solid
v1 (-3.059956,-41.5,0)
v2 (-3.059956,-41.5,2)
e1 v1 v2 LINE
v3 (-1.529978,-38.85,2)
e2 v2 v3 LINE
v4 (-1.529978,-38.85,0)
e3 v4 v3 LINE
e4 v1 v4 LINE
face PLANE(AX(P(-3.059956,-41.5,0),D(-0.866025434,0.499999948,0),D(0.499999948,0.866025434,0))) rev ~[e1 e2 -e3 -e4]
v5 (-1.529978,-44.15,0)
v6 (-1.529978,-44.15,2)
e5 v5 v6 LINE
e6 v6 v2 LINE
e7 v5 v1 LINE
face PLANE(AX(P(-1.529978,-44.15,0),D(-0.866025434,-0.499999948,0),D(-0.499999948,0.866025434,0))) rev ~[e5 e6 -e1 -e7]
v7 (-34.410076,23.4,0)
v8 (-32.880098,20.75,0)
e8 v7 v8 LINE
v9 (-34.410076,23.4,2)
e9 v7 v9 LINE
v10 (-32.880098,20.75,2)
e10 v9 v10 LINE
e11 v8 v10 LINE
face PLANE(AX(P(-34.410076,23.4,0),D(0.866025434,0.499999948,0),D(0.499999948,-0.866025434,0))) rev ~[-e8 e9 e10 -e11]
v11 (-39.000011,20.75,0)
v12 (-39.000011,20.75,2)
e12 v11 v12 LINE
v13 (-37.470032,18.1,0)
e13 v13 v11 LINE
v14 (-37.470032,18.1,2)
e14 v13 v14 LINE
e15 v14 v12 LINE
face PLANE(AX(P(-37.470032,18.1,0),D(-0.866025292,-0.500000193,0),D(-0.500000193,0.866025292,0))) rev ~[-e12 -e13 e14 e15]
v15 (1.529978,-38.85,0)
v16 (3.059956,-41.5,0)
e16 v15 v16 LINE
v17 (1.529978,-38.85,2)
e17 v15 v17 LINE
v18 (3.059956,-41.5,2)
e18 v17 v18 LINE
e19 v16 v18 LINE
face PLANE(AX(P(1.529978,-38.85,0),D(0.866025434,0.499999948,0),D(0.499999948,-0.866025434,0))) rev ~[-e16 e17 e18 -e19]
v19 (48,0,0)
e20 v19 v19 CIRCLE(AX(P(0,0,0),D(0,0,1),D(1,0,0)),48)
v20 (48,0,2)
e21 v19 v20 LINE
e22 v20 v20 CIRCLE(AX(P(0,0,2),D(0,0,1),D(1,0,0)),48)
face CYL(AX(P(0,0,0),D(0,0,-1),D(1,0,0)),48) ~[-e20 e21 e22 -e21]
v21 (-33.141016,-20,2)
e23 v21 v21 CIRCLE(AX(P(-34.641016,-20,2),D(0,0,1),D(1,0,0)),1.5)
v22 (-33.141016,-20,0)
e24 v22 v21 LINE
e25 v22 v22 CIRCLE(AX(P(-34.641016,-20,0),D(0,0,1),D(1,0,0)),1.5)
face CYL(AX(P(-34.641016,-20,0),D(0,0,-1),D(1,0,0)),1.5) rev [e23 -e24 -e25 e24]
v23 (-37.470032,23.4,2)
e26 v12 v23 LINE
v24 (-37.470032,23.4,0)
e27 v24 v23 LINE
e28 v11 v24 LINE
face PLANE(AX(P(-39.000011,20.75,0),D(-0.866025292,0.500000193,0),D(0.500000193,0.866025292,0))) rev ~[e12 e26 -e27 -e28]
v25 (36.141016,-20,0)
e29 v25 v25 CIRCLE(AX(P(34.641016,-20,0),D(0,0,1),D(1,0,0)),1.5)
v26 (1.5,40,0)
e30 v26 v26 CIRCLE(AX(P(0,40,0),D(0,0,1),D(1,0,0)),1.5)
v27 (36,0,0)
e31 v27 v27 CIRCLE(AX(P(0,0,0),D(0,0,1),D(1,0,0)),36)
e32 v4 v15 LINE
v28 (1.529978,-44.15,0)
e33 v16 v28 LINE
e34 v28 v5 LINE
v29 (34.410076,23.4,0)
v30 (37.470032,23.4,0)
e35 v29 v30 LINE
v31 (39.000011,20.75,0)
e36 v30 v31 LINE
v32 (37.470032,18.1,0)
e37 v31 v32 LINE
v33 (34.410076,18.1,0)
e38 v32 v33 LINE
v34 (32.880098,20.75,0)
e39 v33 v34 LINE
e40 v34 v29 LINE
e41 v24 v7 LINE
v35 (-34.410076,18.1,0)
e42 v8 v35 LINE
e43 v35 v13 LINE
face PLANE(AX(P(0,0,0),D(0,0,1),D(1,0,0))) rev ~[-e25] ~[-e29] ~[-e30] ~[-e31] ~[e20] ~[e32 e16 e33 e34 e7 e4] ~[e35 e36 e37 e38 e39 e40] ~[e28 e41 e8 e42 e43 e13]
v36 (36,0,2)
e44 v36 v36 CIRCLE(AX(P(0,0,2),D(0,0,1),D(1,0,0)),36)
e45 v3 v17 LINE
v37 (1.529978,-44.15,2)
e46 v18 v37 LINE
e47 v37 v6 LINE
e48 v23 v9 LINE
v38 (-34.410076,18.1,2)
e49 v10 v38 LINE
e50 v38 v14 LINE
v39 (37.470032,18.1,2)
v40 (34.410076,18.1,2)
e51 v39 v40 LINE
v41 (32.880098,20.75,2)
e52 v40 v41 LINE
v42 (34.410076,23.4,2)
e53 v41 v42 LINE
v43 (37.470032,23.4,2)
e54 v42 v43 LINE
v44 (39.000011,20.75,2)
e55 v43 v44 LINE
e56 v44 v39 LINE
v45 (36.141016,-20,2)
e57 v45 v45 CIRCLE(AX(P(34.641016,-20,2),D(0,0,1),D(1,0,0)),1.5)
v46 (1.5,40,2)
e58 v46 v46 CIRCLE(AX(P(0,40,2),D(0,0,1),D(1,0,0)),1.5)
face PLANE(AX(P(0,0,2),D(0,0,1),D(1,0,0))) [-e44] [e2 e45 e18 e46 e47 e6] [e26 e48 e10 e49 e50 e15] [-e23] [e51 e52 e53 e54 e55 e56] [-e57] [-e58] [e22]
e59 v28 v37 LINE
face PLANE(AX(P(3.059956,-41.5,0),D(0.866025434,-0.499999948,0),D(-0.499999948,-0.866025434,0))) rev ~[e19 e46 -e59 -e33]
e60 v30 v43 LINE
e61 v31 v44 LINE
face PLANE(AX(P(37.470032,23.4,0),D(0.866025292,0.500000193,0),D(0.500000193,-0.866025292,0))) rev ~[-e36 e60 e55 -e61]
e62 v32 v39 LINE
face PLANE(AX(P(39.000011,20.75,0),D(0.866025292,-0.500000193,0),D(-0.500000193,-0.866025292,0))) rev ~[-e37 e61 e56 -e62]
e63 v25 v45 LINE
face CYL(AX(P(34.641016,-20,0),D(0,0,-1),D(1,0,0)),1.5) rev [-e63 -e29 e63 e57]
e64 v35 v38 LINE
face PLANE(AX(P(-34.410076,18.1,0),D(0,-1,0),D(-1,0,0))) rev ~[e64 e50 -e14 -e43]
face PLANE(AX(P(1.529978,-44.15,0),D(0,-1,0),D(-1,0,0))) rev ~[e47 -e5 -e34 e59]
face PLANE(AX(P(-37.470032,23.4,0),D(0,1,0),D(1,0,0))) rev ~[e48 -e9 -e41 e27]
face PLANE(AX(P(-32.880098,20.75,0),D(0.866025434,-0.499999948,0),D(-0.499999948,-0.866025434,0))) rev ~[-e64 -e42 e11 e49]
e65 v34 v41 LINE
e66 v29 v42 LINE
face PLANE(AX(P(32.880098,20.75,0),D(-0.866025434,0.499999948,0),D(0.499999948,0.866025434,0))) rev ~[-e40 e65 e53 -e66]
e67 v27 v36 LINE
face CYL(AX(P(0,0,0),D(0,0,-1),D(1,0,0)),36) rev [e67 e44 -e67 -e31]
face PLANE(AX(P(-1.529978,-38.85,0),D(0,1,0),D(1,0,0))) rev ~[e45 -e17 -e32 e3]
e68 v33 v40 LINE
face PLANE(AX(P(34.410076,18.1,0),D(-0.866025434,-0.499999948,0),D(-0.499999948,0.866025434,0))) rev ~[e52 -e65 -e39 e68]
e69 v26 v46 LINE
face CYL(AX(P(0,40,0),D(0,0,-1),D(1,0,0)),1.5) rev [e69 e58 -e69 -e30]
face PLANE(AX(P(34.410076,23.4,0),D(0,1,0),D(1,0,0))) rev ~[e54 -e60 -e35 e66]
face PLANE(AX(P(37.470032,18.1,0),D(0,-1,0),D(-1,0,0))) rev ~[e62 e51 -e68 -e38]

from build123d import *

# Parameters (mm, degrees)
F0_R     = 48
F0_R_2   = 1.5
F0_R_3   = 36
F1_DEPTH = 2


with BuildPart() as f1:
    # F0 (on Top) → F1 (new body)
    with BuildSketch(Plane.XY):
        Circle(F0_R)
        Polygon((-3.059956, -41.5), (-1.529978, -38.85), (1.529978, -38.85), (3.059956, -41.5), (1.529978, -44.15), (-1.529978, -44.15), align=None, mode=Mode.SUBTRACT)
        with Locations((-34.641016, -20)):
            Circle(F0_R_2, mode=Mode.SUBTRACT)
        with Locations((34.641016, -20)):
            Circle(F0_R_2, mode=Mode.SUBTRACT)
        Polygon((-32.880098, 20.75), (-34.410076, 18.1), (-37.470032, 18.1), (-39.000011, 20.75), (-37.470032, 23.4), (-34.410076, 23.4), align=None, mode=Mode.SUBTRACT)
        Circle(F0_R_3, mode=Mode.SUBTRACT)
        Polygon((34.410076, 18.1), (32.880098, 20.75), (34.410076, 23.4), (37.470032, 23.4), (39.000011, 20.75), (37.470032, 18.1), align=None, mode=Mode.SUBTRACT)
        with Locations((0, 40)):
            Circle(F0_R_2, mode=Mode.SUBTRACT)
    extrude(amount=F1_DEPTH)


solid = f1.part
